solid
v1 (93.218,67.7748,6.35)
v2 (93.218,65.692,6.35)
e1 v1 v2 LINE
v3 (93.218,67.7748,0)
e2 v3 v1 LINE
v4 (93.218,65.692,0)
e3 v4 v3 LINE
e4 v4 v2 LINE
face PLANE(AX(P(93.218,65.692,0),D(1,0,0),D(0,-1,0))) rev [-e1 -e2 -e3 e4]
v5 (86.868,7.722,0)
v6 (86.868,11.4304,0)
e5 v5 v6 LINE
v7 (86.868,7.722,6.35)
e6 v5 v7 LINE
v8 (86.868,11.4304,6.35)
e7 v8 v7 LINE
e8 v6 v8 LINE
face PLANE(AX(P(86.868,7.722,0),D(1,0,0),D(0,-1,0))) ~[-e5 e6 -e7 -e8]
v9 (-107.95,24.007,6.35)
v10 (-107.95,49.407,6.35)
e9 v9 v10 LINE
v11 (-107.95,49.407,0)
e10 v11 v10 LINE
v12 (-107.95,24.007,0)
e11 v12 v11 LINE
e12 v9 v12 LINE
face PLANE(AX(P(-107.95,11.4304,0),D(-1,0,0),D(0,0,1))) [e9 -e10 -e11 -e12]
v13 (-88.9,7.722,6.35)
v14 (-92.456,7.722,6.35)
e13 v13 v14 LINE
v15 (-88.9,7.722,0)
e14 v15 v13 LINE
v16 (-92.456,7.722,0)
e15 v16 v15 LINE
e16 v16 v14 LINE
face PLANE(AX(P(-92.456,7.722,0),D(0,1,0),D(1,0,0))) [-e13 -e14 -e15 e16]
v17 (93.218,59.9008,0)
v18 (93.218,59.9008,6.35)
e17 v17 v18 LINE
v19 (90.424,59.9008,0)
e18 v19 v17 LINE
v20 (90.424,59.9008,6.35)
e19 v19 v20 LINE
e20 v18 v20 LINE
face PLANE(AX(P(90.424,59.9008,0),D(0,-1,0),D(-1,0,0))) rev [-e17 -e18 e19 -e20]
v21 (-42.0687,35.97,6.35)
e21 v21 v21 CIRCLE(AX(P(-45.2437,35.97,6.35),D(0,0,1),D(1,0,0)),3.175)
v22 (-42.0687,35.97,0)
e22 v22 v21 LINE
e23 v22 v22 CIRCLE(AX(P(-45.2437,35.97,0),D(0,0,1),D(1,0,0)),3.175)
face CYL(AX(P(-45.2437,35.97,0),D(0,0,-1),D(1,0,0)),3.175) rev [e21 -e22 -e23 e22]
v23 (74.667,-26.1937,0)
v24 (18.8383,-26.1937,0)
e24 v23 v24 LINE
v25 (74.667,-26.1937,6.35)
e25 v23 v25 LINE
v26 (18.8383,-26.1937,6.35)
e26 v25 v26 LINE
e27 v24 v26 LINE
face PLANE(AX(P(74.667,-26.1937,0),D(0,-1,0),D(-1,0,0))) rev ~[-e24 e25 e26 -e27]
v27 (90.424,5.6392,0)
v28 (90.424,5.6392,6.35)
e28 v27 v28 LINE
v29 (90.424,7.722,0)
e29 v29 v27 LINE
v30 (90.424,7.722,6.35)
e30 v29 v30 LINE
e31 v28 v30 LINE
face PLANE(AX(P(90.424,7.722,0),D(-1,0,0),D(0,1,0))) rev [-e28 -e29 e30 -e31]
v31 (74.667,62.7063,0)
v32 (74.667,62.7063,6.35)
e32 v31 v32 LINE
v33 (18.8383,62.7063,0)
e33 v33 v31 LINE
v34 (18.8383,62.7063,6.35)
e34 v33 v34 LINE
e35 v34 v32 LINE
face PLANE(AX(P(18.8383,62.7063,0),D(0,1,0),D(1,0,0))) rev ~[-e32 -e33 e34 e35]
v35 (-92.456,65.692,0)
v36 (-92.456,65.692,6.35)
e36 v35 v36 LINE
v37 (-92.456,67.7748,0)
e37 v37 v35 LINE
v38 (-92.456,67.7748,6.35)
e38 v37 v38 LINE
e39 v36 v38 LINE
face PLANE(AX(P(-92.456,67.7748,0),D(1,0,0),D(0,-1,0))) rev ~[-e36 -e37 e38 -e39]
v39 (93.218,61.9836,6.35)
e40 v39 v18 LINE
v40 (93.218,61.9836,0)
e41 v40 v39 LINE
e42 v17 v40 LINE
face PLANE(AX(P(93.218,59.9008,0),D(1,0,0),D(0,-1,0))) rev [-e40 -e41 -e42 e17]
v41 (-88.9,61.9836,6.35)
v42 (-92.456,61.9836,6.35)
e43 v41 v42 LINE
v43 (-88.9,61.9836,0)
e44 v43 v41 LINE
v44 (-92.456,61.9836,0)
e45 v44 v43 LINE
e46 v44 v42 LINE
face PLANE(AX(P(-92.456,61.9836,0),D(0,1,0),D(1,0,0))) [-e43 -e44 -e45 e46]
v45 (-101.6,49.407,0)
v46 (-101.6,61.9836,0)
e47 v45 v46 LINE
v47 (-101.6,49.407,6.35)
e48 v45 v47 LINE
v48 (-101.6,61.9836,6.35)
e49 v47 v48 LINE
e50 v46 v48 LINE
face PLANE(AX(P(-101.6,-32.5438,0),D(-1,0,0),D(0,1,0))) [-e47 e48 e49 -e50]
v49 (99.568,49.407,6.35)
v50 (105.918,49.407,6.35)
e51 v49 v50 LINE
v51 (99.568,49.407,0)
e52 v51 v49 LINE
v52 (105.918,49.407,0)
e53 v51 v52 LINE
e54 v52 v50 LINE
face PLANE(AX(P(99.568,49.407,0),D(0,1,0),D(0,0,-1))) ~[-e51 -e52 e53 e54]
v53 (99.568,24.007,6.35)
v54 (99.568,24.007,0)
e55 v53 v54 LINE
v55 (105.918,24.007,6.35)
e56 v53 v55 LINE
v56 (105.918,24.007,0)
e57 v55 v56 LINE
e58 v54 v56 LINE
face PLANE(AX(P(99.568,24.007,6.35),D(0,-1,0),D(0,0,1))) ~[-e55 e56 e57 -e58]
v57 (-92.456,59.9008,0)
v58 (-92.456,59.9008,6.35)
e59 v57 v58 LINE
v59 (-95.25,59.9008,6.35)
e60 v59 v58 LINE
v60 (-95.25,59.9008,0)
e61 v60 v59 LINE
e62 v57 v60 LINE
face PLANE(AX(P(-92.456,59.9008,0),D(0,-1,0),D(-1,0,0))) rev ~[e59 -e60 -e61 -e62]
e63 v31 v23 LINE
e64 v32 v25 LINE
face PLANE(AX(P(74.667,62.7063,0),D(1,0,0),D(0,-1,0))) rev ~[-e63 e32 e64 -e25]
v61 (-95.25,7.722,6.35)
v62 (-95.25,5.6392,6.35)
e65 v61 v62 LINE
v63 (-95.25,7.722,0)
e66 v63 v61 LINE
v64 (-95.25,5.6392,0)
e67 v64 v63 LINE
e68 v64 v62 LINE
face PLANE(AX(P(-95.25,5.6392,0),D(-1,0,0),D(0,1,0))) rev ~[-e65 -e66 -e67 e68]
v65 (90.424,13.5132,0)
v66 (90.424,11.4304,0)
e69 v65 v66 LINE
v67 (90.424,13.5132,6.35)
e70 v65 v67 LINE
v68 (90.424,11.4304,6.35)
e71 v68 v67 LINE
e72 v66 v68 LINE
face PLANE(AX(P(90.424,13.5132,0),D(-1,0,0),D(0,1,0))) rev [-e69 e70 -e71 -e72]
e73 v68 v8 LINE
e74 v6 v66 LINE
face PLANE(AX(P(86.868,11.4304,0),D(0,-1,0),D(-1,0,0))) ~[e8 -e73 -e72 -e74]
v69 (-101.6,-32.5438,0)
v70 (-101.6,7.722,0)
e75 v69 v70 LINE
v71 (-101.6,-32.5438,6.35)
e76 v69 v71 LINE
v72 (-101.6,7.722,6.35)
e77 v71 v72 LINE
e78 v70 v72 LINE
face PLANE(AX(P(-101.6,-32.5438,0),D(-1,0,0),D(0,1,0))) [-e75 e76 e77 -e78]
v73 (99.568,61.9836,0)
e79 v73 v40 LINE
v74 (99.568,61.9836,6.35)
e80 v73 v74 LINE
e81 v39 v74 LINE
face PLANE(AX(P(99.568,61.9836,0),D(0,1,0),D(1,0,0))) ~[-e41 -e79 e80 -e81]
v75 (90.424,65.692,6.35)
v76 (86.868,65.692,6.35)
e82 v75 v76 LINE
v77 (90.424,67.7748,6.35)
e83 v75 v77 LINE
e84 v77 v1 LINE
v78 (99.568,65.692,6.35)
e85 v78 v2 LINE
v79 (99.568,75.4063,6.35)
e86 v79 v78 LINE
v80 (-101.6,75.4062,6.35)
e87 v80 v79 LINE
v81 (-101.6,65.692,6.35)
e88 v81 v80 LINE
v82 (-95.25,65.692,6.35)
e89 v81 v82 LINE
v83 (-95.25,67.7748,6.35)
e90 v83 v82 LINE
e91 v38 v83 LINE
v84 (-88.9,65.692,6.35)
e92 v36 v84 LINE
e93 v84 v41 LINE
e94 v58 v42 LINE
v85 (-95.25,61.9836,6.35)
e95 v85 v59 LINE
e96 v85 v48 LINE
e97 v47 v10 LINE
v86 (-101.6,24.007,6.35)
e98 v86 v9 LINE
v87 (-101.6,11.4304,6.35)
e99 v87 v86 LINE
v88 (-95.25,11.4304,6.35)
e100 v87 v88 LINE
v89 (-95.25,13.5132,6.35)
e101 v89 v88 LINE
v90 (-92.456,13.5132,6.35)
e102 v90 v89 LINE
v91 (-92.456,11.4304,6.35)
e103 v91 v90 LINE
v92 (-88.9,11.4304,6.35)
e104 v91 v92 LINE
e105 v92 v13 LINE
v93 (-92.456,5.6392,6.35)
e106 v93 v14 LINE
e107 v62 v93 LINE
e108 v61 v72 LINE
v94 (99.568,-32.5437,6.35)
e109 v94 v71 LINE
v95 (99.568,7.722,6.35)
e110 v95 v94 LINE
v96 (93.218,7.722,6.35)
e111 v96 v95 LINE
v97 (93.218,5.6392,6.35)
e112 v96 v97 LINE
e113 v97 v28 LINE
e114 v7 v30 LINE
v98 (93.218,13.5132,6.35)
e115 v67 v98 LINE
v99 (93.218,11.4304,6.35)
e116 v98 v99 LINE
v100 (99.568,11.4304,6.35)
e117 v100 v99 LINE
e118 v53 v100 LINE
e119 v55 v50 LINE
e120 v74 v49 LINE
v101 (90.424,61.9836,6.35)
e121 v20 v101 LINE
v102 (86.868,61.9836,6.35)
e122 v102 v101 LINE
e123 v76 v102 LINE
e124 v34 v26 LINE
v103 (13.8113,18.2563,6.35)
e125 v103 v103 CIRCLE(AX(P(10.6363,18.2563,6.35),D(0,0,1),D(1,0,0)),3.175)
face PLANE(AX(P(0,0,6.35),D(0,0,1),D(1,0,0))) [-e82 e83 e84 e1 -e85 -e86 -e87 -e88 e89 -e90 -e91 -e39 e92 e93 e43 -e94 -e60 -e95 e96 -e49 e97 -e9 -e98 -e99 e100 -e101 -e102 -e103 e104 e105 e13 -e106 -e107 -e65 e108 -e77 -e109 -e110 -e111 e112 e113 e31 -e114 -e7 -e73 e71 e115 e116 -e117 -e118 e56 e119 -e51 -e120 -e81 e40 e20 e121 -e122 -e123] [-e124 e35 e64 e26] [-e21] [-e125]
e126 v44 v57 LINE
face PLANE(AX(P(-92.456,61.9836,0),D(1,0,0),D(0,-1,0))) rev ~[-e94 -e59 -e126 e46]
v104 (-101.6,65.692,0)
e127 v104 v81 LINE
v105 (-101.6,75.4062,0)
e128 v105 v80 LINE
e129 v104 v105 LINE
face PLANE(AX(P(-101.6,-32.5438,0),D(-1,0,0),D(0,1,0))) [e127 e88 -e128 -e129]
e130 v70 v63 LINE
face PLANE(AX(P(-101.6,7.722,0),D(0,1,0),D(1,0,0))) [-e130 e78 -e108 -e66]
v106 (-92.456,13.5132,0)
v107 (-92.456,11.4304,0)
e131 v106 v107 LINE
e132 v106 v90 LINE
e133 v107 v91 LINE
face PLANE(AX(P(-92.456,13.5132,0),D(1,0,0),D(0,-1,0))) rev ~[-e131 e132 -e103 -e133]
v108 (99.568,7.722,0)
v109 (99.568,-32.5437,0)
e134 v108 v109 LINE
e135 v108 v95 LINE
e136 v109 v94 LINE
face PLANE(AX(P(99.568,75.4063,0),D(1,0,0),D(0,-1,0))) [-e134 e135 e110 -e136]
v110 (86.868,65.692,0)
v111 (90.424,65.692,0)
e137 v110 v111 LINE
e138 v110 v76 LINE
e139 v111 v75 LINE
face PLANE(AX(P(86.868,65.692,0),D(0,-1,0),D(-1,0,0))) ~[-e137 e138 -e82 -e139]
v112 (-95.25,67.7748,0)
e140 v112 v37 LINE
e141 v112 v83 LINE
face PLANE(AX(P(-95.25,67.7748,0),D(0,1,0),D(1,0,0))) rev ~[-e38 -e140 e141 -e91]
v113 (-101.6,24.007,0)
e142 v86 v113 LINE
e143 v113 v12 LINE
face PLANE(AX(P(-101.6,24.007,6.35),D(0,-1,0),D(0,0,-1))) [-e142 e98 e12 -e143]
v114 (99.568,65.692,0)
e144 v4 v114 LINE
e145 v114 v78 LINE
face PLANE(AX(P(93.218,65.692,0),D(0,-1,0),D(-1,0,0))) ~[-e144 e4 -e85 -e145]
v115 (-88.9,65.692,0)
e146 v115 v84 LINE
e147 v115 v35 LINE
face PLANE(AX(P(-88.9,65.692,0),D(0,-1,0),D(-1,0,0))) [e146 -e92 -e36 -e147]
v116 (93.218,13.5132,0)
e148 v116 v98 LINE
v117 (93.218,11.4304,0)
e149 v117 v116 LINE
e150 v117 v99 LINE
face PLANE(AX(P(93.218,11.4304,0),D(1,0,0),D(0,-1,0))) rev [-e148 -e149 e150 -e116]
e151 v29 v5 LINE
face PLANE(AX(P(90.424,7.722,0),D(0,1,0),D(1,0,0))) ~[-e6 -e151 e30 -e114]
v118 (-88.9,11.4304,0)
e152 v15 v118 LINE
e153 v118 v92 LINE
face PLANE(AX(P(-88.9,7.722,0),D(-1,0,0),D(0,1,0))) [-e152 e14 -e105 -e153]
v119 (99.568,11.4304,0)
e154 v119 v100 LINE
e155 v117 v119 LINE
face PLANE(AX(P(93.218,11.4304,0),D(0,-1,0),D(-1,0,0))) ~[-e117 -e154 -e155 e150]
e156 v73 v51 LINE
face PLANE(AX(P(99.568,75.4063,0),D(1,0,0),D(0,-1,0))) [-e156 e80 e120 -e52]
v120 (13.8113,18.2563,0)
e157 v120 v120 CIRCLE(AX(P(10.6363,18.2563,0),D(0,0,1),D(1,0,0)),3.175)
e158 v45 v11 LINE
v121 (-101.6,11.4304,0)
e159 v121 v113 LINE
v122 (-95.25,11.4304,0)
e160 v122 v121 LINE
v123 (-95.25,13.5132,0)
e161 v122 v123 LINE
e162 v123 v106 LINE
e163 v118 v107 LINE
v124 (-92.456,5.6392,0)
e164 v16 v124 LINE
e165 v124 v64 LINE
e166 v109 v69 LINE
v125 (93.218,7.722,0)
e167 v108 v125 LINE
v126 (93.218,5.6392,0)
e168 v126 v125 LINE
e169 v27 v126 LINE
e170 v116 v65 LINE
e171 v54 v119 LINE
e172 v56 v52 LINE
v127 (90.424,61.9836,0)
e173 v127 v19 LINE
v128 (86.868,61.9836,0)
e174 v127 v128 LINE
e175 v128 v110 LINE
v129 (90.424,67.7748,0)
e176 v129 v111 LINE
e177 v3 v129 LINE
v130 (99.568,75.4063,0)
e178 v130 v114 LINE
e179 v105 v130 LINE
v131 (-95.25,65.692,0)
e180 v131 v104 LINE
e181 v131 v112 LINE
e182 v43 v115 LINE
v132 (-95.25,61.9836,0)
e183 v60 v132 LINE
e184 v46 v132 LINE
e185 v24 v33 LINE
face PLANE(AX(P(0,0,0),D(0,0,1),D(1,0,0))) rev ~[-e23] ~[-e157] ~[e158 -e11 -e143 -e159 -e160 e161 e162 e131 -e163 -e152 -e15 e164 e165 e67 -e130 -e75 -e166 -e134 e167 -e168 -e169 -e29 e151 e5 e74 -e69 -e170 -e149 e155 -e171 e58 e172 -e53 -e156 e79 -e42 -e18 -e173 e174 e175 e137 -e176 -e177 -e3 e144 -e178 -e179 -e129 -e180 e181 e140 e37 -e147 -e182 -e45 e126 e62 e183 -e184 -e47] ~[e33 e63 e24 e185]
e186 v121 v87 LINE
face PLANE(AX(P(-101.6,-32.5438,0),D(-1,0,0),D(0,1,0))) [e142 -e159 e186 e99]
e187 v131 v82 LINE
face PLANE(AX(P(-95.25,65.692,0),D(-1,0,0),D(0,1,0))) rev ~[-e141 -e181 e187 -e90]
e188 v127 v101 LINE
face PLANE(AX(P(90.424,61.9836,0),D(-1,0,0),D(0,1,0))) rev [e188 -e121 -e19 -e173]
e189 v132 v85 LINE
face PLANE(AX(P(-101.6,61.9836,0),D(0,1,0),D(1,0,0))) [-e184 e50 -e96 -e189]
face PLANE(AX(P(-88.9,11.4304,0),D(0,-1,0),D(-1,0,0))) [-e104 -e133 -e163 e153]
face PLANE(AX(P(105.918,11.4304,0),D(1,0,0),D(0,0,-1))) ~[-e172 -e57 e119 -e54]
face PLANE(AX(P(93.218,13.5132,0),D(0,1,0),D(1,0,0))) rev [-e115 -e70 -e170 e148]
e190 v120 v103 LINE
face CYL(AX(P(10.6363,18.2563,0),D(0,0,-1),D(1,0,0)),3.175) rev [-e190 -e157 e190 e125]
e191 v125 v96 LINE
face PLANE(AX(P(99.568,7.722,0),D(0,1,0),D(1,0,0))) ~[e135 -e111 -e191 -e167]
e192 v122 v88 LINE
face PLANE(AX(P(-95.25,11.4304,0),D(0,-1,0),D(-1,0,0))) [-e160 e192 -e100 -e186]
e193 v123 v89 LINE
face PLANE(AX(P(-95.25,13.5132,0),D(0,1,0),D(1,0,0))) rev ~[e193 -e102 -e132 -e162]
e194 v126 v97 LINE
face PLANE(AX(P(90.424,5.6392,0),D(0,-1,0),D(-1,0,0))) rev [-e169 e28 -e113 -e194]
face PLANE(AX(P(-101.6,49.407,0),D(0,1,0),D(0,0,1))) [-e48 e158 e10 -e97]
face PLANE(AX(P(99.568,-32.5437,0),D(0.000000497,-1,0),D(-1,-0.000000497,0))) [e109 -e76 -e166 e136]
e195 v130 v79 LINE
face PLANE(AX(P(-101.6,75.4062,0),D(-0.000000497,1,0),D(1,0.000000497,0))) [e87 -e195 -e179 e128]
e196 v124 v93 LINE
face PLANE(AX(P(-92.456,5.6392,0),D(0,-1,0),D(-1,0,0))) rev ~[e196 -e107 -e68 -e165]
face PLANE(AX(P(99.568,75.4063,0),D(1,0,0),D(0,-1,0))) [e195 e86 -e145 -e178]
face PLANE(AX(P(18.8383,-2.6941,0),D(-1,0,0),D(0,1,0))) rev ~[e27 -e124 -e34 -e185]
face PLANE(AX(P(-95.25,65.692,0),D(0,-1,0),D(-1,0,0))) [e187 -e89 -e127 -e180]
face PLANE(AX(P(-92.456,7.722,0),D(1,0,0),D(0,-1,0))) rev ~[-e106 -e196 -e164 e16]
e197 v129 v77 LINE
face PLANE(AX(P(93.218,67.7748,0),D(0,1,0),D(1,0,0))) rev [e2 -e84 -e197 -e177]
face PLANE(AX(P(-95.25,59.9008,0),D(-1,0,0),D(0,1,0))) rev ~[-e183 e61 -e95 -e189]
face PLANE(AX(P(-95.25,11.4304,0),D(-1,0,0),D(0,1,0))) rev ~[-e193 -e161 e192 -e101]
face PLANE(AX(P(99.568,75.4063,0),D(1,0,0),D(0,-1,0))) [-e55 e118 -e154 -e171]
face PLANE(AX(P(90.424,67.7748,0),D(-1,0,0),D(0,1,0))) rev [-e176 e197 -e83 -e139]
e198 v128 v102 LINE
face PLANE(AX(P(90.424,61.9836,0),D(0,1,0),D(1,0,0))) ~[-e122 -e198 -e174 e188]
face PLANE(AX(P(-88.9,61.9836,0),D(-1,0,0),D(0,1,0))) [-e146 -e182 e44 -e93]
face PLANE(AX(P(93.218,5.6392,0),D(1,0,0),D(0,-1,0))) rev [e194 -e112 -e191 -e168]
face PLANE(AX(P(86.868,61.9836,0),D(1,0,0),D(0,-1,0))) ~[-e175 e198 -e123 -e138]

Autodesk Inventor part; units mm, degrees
ref_plane "YZ Plane" through (0, 0, 0) normal (1, 0, 0) x (0, 1, 0)
ref_plane "XZ Plane" through (0, 0, 0) normal (0, 1, 0) x (-1, 0, 0)
ref_plane "XY Plane" through (0, 0, 0) normal (0, 0, 1) x (1, 0, 0)
sketch "Sketch1" plane through (0, 0, 0) normal (0, 0, 1) x (1, 0, 0)
  circle A0 centre (-45.2437, 35.97) radius 3.175
  circle A1 centre (10.6363, 18.2563) radius 3.175
  line L0 (-71.7503, -2.6941) -> (-71.7503, 45.5566)
  line L1 (69.7183, -2.6941) -> (-71.7503, -2.6941)
  line L2 (69.7183, 45.5566) -> (69.7183, -2.6941)
  line L3 (-71.7503, 45.5566) -> (69.7183, 45.5566)
  line L4 (99.568, 75.4063) -> (99.568, -32.5437)
  line L5 (99.568, -32.5437) -> (-101.6, -32.5438)
  line L6 (-101.6, -32.5438) -> (-101.6, 75.4062)
  line L7 (-101.6, 75.4062) -> (99.568, 75.4063)
  line L8 (18.8383, 62.7063) -> (74.667, 62.7063)
  line L9 (74.667, 62.7063) -> (74.667, -26.1937)
  line L10 (74.667, -26.1937) -> (18.8383, -26.1937)
  line L11 (18.8383, -26.1937) -> (18.8383, 62.7063)
  line L12 (99.568, 21.4313) -> (-101.6, 21.4312) construction
  line L13 (8.6043, 3.175) -> (8.6043, 21.4313) construction
  point P0 (0, 0)
  dimension "d2" = 201.168
  dimension "d3" = 107.95
  dimension "d4" = 107.95
  dimension "d5" = 90
  dimension "d6" = 201.168
  dimension "d7" = 12.7
  dimension "d8" = 88.9
  dimension "d26" = 39.4363
  dimension "d27" = 56.3563
  dimension "d28" = 6.35
extrude "Extrusion1" add sketch "Sketch1" along normal blind 6.35 contours L0 L3 L11 L1 | L4 L5 L6 L7
sketch "Sketch2" plane through (0, 0, 0) normal (0, 0, -1) x (-1, 0, 0)
  line L0 (101.6, -32.5438) -> (101.6, 75.4062) projected
  line L1 (107.95, 65.692) -> (107.95, 61.9836) projected
  line L2 (107.95, 11.4304) -> (107.95, 7.722) projected
  line L3 (101.6, 7.722) -> (107.95, 7.722) construction
  line L4 (101.6, 11.4304) -> (107.95, 11.4304) construction
  line L5 (101.6, 61.9836) -> (107.95, 61.9836) construction
  line L6 (101.6, 65.4439) -> (107.95, 65.4439) construction
  line L7 (101.6, 7.722) -> (88.9, 7.722)
  line L8 (88.9, 7.722) -> (88.9, 11.4304)
  line L9 (88.9, 11.4304) -> (101.6, 11.4304)
  line L10 (101.6, 11.4304) -> (101.6, 7.722)
  line L11 (101.6, 61.9836) -> (88.9, 61.9836)
  line L12 (88.9, 61.9836) -> (88.9, 65.692)
  line L13 (88.9, 65.692) -> (101.6, 65.692)
  line L14 (101.6, 65.692) -> (101.6, 61.9836)
  line L15 (92.456, 5.6392) -> (95.25, 5.6392)
  line L16 (95.25, 5.6392) -> (95.25, 13.5132)
  line L17 (95.25, 13.5132) -> (92.456, 13.5132)
  line L18 (92.456, 13.5132) -> (92.456, 5.6392)
  line L19 (92.456, 59.9008) -> (95.25, 59.9008)
  line L20 (95.25, 59.9008) -> (95.25, 67.7748)
  line L21 (95.25, 67.7748) -> (92.456, 67.7748)
  line L22 (92.456, 67.7748) -> (92.456, 59.9008)
  point P0 (0, 0)
  dimension "d9" = 12.7
  dimension "d10" = 2.794
  dimension "d11" = 7.874
  dimension "d12" = 7.874
  dimension "d13" = 2.794
  dimension "d14" = 2.0828
  dimension "d16" = 2.0828
  dimension "d17" = 2.0828
  dimension "d18" = 6.35
  dimension "d19" = 6.35
extrude "Extrusion2" cut sketch "Sketch2" against normal through all
ref_plane "Work Plane1" through (-1.016, -32.5437, 0) normal (-1, 0, 0) x (0, 0, 1)
mirror "Mirror1" about plane through (-1.016, -32.5437, 0) normal (-1, 0, 0) of "Extrusion2"
sketch "Sketch3" plane through (-101.6, 11.4304, 0) normal (-1, 0, 0) x (0, 0, 1)
  line L0 (0, 0) -> (0, 50.5532) projected
  line L1 (6.35, 0) -> (6.35, 50.5532) projected
  line L2 (6.35, 12.5766) -> (0, 12.5766) projected
  line L3 (0, 37.9766) -> (6.35, 37.9766) projected
  point P0 (0, -11.4304)
extrude "Extrusion3" add sketch "Sketch3" along normal blind 6.35
ref_plane "Work Plane2" through (-1.016, 75.4062, 6.35) normal (1, 0, 0) x (0, 0, -1)
mirror "Mirror2" about plane through (-1.016, 75.4062, 6.35) normal (1, 0, 0) of "Extrusion3"
equation "\"d4\" = d3"
equation "\"d6\" = d2"
equation "\"d13\" = d10"
equation "\"d14\" = d16"
equation "\"d17\" = d14"
equation "\"d19\" = d18"
properties part number "projectorMountingBase_RB01" material "Steel, Wrought"
